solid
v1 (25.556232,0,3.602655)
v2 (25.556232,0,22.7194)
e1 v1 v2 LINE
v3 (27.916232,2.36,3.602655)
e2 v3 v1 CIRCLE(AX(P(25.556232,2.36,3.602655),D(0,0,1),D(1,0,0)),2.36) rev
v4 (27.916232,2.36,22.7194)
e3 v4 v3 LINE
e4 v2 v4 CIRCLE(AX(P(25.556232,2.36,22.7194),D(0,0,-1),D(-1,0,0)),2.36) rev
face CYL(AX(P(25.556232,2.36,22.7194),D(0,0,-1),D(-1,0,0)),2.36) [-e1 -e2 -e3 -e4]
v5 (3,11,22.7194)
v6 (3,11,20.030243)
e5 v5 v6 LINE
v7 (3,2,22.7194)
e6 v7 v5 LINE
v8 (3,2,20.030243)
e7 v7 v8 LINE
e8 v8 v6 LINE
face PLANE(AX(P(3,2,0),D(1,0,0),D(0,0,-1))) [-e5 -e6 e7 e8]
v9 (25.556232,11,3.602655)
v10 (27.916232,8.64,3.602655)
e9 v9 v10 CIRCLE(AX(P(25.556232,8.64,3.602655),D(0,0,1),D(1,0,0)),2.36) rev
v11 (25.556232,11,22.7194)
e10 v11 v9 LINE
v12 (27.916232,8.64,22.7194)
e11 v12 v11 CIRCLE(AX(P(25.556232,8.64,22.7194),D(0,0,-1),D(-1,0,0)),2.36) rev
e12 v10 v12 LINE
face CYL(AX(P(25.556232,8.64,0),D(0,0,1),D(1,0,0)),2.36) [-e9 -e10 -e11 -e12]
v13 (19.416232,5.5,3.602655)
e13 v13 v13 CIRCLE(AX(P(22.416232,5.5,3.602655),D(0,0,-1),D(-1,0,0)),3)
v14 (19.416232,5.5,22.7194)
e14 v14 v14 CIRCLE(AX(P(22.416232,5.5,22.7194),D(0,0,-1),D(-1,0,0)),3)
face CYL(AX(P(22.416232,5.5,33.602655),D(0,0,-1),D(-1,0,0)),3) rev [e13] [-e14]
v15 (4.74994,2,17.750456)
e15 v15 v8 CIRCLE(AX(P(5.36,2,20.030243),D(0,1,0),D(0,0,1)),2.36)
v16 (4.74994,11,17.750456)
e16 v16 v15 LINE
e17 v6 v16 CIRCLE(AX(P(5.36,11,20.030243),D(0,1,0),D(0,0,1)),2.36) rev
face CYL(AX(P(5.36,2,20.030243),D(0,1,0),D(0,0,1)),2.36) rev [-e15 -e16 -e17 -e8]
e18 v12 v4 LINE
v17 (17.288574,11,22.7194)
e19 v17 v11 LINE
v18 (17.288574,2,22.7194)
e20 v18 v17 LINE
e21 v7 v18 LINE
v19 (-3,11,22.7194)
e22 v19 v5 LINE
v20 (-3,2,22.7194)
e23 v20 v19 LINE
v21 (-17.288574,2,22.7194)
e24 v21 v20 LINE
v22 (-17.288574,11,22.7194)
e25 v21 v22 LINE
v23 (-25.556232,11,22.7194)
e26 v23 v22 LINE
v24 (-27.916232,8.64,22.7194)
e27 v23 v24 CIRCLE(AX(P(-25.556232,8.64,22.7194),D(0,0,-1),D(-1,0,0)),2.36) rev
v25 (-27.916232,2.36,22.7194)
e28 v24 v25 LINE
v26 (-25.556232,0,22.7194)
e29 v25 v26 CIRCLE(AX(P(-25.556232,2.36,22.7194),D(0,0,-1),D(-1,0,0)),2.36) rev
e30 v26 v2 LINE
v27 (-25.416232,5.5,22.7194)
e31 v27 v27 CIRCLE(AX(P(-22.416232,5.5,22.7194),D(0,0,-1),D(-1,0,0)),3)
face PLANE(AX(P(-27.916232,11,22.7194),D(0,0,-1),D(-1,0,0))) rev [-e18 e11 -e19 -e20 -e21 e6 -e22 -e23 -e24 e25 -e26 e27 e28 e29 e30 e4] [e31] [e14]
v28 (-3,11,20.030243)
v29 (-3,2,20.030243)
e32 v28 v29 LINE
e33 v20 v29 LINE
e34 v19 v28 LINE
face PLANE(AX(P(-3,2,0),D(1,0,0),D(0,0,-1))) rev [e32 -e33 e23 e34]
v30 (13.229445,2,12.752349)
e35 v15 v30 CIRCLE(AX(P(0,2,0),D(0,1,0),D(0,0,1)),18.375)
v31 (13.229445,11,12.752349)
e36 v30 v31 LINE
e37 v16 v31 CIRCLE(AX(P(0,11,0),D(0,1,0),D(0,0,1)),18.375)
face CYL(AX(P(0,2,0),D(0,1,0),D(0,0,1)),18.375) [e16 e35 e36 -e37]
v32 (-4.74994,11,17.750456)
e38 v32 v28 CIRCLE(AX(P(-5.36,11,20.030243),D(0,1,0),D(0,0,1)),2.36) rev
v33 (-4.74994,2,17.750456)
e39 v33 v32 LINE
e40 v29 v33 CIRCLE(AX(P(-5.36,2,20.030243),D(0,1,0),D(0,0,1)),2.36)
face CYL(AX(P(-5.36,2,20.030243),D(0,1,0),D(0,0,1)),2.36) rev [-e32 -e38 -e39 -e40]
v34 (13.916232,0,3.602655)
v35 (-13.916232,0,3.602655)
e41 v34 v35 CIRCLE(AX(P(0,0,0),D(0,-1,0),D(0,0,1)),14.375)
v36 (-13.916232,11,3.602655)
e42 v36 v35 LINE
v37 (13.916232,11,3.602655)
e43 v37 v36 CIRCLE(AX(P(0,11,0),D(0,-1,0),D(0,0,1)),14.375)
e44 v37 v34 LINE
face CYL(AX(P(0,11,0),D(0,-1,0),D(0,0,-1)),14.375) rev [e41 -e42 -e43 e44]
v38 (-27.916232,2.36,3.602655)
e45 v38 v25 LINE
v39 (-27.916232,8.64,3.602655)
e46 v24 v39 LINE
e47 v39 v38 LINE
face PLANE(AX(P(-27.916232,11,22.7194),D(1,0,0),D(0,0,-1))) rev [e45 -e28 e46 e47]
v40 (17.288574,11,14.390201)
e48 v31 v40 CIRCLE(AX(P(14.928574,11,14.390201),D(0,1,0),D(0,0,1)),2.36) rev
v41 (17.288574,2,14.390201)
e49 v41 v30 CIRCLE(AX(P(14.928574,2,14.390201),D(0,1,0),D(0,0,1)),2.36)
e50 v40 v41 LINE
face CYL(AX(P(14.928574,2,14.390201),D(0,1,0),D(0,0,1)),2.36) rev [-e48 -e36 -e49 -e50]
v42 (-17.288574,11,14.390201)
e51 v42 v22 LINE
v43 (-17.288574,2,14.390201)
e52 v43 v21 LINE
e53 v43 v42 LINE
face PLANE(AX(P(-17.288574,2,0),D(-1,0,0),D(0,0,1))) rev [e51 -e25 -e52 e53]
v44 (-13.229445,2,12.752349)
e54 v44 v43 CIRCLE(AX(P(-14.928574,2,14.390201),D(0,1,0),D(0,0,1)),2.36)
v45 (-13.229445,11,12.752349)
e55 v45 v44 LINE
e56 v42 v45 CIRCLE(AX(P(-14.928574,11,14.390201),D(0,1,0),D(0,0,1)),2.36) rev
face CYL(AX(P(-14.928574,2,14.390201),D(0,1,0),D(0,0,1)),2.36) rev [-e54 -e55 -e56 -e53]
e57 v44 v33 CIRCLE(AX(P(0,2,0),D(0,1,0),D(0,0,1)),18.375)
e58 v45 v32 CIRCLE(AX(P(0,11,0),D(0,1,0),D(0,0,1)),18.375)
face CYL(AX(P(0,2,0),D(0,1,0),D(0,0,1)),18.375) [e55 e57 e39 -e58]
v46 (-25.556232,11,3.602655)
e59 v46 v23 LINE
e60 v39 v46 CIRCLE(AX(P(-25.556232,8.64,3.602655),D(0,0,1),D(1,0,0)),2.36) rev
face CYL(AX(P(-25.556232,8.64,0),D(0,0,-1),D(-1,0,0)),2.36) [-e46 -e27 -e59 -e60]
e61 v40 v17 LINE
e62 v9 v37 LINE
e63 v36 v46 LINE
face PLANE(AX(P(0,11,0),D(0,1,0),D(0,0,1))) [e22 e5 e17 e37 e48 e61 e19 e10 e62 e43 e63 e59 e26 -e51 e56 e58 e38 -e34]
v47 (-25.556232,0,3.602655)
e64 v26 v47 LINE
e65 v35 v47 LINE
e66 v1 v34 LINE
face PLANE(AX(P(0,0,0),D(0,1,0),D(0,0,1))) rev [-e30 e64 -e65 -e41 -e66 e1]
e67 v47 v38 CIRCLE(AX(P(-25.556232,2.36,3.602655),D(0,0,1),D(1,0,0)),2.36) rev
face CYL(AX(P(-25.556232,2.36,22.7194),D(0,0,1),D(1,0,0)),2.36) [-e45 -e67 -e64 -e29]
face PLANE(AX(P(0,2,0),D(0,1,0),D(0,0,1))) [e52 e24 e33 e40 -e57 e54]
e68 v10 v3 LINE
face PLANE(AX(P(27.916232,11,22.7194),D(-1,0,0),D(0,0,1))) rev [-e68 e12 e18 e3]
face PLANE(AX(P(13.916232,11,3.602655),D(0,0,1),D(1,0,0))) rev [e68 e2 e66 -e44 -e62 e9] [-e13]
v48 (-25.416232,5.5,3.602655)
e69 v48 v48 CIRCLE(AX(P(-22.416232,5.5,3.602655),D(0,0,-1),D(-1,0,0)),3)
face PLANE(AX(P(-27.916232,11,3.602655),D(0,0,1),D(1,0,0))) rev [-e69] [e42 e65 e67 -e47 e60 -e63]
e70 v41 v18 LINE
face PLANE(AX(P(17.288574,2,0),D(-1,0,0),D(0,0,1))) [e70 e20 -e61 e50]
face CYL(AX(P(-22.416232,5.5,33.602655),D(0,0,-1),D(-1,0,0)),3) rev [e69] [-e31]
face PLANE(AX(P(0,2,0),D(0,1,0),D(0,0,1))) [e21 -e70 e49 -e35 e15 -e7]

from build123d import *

# Parameters (mm, degrees)
BOSS_EXTRUDE1_DEPTH = 11
SKETCH2_R           = 3
CUT_EXTRUDE1_DEPTH  = 30
CUT_EXTRUDE3_DEPTH  = 9
FILLET2_R           = 2.36
FILLET3_R           = 2.36


with BuildPart() as part:
    # Sketch1 → Boss-Extrude1 (new body)
    with BuildSketch(Plane(origin=(0, 0, 0), x_dir=(1, 0, 0), z_dir=(0, 1, 0))):
        with BuildLine():
            Line((-27.916231576, -22.71939994), (27.916231576, -22.71939994))
            Line((27.916231576, -22.71939994), (27.916231576, -3.602655093))
            Line((27.916231576, -3.602655093), (13.916231576, -3.602655093))
            ThreePointArc((13.916231576, -3.602655093), (0, -14.375), (-13.916231576, -3.602655093))
            Line((-13.916231576, -3.602655093), (-27.916231576, -3.602655093))
            Line((-27.916231576, -3.602655093), (-27.916231576, -22.71939994))
        make_face()
    extrude(amount=BOSS_EXTRUDE1_DEPTH)

    # Sketch2 → Cut-Extrude1 (cut)
    with BuildSketch(Plane(origin=(0, 0, 3.602655093), x_dir=(-1, 0, 0), z_dir=(0, 0, -1))):
        with Locations((22.416231576, 5.5)):
            Circle(SKETCH2_R)
        with Locations((-22.416231576, 5.5)):
            Circle(SKETCH2_R)
    extrude(amount=-CUT_EXTRUDE1_DEPTH, mode=Mode.SUBTRACT)

    # Sketch3 → Cut-Extrude3 (cut)
    with BuildSketch(Plane(origin=(0, 11, 0), x_dir=(1, 0, 0), z_dir=(0, 1, 0))):
        with BuildLine():
            Line((-17.288574276, -6.224614407), (-17.288574276, -22.71939994))
            Line((-17.288574276, -22.71939994), (-3, -22.71939994))
            Line((-3, -22.71939994), (-3, -18.128447948))
            ThreePointArc((-3, -18.128447948), (-11.761457171, -14.1176751), (-17.288574276, -6.224614407))
        make_face()
        with BuildLine():
            Line((3, -18.128447948), (3, -22.71939994))
            Line((3, -22.71939994), (17.288574276, -22.71939994))
            Line((17.288574276, -22.71939994), (17.288574276, -6.224614407))
            ThreePointArc((17.288574276, -6.224614407), (11.761457171, -14.1176751), (3, -18.128447948))
        make_face()
    extrude(amount=-CUT_EXTRUDE3_DEPTH, mode=Mode.SUBTRACT)

    # Fillet2
    fillet2_edges = [part.edges().sort_by_distance(p)[0] for p in [
        (-17.288574276, 6.5, 6.224614407),
        (-3, 6.5, 18.128447948),
        (3, 6.5, 18.128447948),
        (17.288574276, 6.5, 6.224614407),
    ]]
    fillet(fillet2_edges, radius=FILLET2_R)

    # Fillet3
    fillet3_edges = [part.edges().sort_by_distance(p)[0] for p in [
        (27.916231576, 11, 13.161027516),
        (-27.916231576, 11, 13.161027516),
        (27.916231576, 0, 13.161027516),
        (-27.916231576, 0, 13.161027516),
    ]]
    fillet(fillet3_edges, radius=FILLET3_R)


solid = part.part
